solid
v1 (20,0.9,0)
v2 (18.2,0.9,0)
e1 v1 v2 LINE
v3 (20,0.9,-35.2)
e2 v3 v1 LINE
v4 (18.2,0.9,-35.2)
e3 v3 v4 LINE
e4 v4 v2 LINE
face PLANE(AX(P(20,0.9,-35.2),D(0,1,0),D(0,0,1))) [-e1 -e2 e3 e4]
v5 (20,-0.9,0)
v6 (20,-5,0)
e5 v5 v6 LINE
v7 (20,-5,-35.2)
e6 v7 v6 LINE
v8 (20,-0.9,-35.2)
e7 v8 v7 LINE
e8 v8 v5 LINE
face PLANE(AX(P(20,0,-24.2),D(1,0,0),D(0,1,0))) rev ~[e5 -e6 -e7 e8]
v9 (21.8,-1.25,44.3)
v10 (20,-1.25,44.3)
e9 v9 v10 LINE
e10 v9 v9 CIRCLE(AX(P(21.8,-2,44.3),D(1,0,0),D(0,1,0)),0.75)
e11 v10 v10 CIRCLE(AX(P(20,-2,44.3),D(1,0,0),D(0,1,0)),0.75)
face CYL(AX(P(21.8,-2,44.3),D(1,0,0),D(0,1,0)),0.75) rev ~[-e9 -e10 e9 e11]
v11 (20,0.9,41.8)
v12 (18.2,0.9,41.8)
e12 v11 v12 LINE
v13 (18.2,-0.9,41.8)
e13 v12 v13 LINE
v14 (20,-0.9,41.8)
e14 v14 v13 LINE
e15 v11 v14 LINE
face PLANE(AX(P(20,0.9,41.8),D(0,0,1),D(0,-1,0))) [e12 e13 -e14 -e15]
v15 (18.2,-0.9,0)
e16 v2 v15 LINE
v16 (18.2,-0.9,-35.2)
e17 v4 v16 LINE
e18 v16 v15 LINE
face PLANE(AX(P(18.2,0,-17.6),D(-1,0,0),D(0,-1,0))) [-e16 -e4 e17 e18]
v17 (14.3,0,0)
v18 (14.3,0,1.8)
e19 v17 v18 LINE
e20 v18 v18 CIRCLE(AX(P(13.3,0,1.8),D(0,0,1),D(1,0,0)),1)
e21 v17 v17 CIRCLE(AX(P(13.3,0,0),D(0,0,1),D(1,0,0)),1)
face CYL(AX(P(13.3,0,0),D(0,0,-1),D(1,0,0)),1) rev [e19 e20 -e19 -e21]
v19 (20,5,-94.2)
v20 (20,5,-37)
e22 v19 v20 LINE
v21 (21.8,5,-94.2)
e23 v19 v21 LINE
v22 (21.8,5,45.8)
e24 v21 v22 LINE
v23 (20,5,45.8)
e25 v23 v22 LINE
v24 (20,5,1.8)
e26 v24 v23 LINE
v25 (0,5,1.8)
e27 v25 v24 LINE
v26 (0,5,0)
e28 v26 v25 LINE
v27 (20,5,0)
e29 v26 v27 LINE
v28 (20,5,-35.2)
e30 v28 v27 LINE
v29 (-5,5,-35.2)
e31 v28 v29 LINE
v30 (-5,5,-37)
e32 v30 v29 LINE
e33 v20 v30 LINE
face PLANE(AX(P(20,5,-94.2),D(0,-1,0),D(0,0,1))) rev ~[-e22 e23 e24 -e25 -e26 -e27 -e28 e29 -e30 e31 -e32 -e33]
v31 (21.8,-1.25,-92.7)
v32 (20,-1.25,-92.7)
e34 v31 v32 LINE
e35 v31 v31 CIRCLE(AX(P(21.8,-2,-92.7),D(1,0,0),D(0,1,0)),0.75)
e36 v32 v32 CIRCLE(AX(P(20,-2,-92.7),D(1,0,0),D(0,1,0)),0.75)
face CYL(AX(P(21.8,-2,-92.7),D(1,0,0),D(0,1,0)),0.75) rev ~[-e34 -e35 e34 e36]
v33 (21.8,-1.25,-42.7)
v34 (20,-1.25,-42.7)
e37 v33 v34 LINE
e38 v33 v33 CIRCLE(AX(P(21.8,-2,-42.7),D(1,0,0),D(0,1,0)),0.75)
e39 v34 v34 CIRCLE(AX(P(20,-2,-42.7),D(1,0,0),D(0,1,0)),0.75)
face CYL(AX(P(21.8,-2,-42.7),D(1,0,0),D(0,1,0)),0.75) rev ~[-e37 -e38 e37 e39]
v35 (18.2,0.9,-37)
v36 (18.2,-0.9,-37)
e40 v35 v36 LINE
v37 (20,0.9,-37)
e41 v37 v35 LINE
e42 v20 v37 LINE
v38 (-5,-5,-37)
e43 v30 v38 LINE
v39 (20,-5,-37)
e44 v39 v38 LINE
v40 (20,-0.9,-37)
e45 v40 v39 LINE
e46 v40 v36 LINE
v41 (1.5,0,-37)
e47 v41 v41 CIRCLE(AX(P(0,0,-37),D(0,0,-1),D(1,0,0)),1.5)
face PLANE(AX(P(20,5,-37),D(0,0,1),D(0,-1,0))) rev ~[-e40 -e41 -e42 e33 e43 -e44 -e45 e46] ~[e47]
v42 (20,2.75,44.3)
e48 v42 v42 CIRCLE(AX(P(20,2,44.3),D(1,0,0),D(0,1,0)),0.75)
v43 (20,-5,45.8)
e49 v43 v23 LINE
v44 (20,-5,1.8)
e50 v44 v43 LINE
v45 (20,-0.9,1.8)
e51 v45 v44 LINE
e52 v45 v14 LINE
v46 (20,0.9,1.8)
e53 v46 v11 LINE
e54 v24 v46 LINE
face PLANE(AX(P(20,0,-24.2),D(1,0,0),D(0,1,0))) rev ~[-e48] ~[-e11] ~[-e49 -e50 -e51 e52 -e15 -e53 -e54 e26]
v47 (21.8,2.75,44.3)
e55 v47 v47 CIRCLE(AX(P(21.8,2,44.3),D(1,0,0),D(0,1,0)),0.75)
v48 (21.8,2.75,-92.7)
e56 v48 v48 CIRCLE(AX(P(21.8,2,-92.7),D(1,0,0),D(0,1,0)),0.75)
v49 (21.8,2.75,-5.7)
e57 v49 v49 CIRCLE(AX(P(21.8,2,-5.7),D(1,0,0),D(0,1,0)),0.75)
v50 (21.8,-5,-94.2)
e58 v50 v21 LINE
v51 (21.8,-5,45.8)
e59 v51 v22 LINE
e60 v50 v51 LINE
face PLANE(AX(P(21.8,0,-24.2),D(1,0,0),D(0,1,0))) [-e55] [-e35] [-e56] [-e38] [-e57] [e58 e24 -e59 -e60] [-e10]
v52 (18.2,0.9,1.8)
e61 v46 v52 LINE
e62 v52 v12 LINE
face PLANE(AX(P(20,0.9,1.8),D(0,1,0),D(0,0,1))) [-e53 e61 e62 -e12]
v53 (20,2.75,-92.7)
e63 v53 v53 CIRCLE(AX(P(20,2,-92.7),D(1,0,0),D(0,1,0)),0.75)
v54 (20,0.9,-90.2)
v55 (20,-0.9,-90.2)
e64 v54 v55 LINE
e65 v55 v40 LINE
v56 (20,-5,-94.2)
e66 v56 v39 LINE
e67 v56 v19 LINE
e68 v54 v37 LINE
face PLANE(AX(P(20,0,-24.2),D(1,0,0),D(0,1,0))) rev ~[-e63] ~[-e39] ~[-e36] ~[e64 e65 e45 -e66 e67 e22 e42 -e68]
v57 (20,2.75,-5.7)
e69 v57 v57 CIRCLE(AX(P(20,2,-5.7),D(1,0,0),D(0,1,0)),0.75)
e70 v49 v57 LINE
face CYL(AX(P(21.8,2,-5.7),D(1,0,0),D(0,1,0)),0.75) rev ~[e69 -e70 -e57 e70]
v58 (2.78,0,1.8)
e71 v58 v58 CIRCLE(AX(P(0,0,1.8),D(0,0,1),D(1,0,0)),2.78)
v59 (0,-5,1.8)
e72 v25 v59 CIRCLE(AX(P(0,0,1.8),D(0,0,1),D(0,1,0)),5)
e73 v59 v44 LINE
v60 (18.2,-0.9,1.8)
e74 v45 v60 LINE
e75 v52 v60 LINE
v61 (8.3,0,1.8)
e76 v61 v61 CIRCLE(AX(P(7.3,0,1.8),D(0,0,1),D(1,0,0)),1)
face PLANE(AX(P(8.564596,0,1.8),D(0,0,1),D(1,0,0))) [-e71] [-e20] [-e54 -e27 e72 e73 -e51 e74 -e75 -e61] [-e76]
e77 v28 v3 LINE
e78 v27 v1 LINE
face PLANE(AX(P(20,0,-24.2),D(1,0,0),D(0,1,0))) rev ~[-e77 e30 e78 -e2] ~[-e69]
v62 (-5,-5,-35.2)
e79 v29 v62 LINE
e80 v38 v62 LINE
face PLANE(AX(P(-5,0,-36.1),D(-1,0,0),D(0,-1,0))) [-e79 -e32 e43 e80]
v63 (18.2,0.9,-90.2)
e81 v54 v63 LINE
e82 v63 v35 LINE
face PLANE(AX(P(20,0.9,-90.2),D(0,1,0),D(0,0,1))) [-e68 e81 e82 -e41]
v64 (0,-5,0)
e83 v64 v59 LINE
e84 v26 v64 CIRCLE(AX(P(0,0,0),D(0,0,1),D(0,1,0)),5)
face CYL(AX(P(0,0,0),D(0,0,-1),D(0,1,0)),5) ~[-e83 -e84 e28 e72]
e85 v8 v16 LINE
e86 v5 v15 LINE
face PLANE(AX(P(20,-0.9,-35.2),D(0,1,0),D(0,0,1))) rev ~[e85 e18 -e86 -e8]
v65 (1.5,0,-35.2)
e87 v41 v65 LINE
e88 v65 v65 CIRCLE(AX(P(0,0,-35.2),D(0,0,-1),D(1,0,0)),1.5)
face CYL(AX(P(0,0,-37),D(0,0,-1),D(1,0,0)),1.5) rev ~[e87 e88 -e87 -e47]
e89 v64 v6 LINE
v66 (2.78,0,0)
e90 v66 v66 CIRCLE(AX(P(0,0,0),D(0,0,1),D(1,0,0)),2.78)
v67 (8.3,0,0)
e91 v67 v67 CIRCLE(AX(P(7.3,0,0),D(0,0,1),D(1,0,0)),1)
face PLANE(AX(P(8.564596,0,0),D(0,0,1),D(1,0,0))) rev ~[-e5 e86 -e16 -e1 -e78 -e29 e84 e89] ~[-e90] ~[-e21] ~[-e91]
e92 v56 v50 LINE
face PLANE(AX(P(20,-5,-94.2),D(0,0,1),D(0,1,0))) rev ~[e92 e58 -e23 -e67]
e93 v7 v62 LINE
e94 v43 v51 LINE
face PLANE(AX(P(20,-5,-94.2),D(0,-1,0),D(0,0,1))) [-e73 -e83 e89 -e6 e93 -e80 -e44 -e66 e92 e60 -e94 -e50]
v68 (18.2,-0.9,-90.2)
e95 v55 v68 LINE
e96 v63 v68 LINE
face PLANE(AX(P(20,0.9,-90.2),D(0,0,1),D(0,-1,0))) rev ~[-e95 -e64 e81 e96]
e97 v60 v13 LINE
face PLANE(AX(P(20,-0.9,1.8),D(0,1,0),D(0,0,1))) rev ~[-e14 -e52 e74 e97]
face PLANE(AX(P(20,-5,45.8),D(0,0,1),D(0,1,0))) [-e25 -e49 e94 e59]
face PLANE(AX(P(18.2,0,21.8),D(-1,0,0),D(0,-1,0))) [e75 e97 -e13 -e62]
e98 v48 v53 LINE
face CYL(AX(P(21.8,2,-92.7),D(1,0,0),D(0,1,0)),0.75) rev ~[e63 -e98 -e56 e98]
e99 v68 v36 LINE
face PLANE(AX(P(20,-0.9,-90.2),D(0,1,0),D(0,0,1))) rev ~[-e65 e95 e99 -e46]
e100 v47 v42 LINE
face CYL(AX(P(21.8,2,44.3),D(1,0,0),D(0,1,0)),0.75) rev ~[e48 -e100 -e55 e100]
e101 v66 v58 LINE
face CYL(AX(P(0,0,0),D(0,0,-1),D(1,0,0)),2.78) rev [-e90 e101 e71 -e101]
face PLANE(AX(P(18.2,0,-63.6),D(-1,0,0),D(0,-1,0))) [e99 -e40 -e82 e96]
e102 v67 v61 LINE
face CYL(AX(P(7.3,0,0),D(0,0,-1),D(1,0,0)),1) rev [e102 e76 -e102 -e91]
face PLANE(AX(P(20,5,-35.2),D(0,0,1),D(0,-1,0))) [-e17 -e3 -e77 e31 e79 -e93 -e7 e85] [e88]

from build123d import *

# Parameters (mm, degrees)
SKETCH_R        = 2.78
SKETCH_R_2      = 1
PAD_DEPTH       = 1.8
SKETCH001_W     = 10
SKETCH001_H     = 140
PAD001_DEPTH    = 1.8
SKETCH002_W     = 10
SKETCH002_H     = 1.8
PAD002_DEPTH    = 25
SKETCH003_R     = 1.5
POCKET_DEPTH    = 82.801
SKETCH004_R     = 0.75
POCKET001_DEPTH = 26.801
SKETCH005_W     = 1.8
SKETCH005_H     = 53.2
SKETCH005_H_2   = 35.2
SKETCH005_H_3   = 40
PAD003_DEPTH    = 1.8


with BuildPart() as part:
    # Sketch → Pad (new body)
    with BuildSketch(Plane.XY):
        with BuildLine():
            ThreePointArc((0, 5), (-5, 0), (0, -5))
            Line((0, -5), (20, -5))
            Line((20, 5), (20, -5))
            Line((0, 5), (20, 5))
        make_face()
        Circle(SKETCH_R, mode=Mode.SUBTRACT)
        with Locations((7.3, 0)):
            Circle(SKETCH_R_2, mode=Mode.SUBTRACT)
        with Locations((13.3, 0)):
            Circle(SKETCH_R_2, mode=Mode.SUBTRACT)
    extrude(amount=PAD_DEPTH)

    # Sketch001 → Pad001 (new body)
    with BuildSketch(Plane.YZ.offset(20)):
        with Locations((0, -24.2)):
            Rectangle(SKETCH001_W, SKETCH001_H)
    extrude(amount=PAD001_DEPTH)

    # Sketch002 → Pad002 (new body)
    with BuildSketch(Plane(origin=(20, 0, 0), x_dir=(0, -1, 0), z_dir=(-1, 0, 0))):
        with Locations((0, -36.1)):
            Rectangle(SKETCH002_W, SKETCH002_H)
    extrude(amount=PAD002_DEPTH)

    # Sketch003 → Pocket (cut, through all)
    with BuildSketch(Plane(origin=(0, 0, -37), x_dir=(1, 0, 0), z_dir=(0, 0, -1))):
        Circle(SKETCH003_R)
    extrude(amount=-POCKET_DEPTH, mode=Mode.SUBTRACT)

    # Sketch004 → Pocket001 (cut, through all)
    with BuildSketch(Plane.YZ.offset(21.8)):
        with Locations((-2, -92.7)):
            Circle(SKETCH004_R)
        with Locations((2, -92.7)):
            Circle(SKETCH004_R)
        with Locations((-2, -42.7)):
            Circle(SKETCH004_R)
        with Locations((2, -5.7)):
            Circle(SKETCH004_R)
        with Locations((2, 44.3)):
            Circle(SKETCH004_R)
        with Locations((-2, 44.3)):
            Circle(SKETCH004_R)
    extrude(amount=-POCKET001_DEPTH, mode=Mode.SUBTRACT)

    # Sketch005 → Pad003 (new body)
    with BuildSketch(Plane(origin=(20, 0, 0), x_dir=(0, -1, 0), z_dir=(-1, 0, 0))):
        with Locations((0, -63.6)):
            Rectangle(SKETCH005_W, SKETCH005_H)
        with Locations((0, -17.6)):
            Rectangle(SKETCH005_W, SKETCH005_H_2)
        with Locations((0, 21.8)):
            Rectangle(SKETCH005_W, SKETCH005_H_3)
    extrude(amount=PAD003_DEPTH)


solid = part.part
